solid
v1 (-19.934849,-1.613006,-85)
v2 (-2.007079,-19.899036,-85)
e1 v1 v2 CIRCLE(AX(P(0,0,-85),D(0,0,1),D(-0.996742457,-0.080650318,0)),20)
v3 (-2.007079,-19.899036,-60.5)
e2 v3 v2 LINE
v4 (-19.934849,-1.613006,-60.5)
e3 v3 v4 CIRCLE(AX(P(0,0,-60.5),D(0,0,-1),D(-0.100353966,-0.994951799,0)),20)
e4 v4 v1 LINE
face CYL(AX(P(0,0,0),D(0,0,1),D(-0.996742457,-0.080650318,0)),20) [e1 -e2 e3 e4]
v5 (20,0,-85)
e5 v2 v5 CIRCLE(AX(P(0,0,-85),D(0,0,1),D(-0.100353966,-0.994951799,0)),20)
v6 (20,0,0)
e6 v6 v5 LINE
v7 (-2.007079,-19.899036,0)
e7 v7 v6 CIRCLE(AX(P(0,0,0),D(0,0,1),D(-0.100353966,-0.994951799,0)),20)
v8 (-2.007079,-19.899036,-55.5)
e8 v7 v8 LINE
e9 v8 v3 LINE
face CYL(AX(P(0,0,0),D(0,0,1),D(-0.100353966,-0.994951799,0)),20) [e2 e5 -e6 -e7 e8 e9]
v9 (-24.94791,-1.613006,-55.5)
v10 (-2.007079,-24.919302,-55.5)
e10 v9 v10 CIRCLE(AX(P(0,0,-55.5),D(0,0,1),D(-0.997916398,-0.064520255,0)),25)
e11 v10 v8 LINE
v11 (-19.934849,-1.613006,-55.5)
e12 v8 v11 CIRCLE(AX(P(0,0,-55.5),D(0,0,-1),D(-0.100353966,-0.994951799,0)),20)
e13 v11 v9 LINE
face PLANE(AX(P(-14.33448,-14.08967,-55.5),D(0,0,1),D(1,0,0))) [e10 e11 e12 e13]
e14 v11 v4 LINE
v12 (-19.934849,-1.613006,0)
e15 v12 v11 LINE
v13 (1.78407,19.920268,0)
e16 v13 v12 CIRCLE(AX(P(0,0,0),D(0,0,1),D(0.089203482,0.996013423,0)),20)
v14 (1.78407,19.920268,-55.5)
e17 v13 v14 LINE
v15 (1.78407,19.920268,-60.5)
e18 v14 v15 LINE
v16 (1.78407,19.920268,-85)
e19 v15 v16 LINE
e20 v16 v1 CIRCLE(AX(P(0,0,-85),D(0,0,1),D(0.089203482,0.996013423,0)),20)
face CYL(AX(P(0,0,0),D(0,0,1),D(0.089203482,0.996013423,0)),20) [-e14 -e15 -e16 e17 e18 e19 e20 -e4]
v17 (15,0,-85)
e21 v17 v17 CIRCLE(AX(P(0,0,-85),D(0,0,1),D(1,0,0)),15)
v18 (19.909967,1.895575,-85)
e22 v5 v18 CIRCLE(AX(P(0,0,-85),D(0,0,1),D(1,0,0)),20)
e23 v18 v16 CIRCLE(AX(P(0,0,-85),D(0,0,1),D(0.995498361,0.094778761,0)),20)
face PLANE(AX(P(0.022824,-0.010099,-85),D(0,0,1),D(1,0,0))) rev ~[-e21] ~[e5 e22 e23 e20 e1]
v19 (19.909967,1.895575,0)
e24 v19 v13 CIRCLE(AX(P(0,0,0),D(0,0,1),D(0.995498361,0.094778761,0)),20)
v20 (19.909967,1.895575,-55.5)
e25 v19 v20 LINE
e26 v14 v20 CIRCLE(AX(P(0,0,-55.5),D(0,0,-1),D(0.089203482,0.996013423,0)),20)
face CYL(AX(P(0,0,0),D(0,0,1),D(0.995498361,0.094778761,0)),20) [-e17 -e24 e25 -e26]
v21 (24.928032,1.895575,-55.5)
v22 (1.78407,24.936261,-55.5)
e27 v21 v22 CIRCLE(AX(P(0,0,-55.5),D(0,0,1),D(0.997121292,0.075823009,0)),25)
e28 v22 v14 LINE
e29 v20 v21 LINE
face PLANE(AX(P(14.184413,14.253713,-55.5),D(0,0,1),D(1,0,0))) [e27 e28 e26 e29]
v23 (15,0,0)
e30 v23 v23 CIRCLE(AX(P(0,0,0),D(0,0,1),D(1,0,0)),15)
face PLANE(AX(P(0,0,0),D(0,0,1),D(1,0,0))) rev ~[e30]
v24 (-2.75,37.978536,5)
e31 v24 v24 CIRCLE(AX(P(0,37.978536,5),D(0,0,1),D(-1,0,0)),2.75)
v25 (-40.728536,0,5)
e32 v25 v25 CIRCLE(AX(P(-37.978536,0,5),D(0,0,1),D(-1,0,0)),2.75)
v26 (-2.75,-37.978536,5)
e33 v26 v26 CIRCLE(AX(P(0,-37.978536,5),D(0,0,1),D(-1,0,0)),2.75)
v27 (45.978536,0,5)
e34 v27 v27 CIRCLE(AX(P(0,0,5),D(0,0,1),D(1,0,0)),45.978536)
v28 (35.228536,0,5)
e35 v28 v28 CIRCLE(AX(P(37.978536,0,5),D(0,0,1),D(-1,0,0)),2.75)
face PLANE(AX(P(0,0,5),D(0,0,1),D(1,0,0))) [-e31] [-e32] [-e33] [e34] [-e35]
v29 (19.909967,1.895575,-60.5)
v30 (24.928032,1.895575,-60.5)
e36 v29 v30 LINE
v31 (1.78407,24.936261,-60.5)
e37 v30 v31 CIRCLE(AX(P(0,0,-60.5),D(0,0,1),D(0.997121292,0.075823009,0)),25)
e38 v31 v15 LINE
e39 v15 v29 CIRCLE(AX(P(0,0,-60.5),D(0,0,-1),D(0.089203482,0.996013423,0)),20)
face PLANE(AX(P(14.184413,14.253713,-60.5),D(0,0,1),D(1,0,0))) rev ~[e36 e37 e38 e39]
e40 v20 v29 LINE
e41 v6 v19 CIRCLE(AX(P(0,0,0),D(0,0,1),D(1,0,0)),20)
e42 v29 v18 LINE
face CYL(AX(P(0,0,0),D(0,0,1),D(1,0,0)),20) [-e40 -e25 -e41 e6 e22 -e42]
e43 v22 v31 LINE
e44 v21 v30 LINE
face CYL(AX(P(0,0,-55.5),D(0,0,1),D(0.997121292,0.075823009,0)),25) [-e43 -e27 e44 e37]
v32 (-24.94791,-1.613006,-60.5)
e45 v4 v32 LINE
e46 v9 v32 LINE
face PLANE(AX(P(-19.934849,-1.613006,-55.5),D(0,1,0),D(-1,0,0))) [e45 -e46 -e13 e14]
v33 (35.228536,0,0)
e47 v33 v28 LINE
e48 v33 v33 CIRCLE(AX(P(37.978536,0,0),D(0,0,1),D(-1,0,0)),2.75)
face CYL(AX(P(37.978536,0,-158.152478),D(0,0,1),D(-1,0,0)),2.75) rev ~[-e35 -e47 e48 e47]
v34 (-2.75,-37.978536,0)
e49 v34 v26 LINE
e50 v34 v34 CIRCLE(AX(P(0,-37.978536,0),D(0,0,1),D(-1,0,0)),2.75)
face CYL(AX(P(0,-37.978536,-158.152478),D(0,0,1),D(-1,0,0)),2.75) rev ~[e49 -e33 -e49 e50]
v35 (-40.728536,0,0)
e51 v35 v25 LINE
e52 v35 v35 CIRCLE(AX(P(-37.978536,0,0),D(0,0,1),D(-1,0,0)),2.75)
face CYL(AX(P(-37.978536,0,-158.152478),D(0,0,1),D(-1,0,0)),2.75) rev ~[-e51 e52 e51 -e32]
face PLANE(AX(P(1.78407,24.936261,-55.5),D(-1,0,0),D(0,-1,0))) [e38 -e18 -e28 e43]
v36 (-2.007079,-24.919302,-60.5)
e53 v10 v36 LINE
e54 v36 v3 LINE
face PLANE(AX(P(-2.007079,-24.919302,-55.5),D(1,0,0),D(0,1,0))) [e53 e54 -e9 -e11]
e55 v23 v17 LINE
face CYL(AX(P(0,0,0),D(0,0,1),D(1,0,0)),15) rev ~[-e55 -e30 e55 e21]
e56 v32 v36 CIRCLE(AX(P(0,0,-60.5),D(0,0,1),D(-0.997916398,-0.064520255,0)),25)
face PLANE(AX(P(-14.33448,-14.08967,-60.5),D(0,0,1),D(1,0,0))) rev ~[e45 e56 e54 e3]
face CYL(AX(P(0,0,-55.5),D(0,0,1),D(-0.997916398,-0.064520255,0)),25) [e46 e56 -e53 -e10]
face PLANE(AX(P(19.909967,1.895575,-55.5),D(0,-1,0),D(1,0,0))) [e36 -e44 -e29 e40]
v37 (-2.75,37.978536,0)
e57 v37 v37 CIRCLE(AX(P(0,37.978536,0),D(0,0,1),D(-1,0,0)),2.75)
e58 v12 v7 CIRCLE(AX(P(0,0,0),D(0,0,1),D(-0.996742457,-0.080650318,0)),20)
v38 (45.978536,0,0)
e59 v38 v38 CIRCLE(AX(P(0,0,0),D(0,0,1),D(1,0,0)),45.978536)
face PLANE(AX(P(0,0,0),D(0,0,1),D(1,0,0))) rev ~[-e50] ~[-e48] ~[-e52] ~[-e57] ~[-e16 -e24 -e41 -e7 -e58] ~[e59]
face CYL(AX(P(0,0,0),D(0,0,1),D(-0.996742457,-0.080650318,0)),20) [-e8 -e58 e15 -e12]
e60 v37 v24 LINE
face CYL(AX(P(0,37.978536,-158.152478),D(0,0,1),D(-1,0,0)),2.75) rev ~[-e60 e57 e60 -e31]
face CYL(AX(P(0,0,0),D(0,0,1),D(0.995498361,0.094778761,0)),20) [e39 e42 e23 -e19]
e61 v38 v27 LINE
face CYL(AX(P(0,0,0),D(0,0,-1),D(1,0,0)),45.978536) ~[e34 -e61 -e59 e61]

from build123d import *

# Parameters (mm, degrees)
F0_R     = 15
F1_DEPTH = 85
F2_START = -55.5
F2_DEPTH = 5
F0_R_2   = 45.9785362142
F0_R_3   = 30.9785362142
F3_DEPTH = 5
F4_D     = 5.5


with BuildPart() as f1:
    # F0 (on Top) → F1 (new body)
    with BuildSketch(Plane.XY):
        with BuildLine():
            ThreePointArc((-2.0070793107, -19.8990359726), (13.4137693022, -14.8347832174), (20, 0))
            ThreePointArc((20, 0), (19.9774791244, 0.9488560661), (19.9099672166, 1.8955752254))
            ThreePointArc((19.9099672166, 1.8955752254), (14.1024891574, 14.1816712543), (1.7840696499, 19.9202684591))
            ThreePointArc((1.7840696499, 19.9202684591), (-14.0813060571, 14.2027046624), (-19.9348491456, -1.6130063683))
            ThreePointArc((-19.9348491456, -1.6130063683), (-14.2813436261, -14.0015436375), (-2.0070793107, -19.8990359726))
        make_face()
        Circle(F0_R, mode=Mode.SUBTRACT)
    extrude(amount=-F1_DEPTH)

    # F0 (on Top) → F2 (join)
    with BuildSketch(Plane.XY.offset(F2_START)):
        with BuildLine():
            ThreePointArc((1.7840696499, 19.9202684591), (14.1024891574, 14.1816712543), (19.9099672166, 1.8955752254))
            Line((19.9099672166, 1.8955752254), (24.9280323043, 1.8955752254))
            ThreePointArc((24.9280323043, 1.8955752254), (17.6380949645, 17.7171556979), (1.7840696499, 24.9362606556))
            Line((1.7840696499, 24.9362606556), (1.7840696499, 19.9202684591))
        make_face()
        with BuildLine():
            Line((-2.0070793107, -24.9193024108), (-2.0070793107, -19.8990359726))
            ThreePointArc((-2.0070793107, -19.8990359726), (-14.2813436261, -14.0015436375), (-19.9348491456, -1.6130063683))
            Line((-19.9348491456, -1.6130063683), (-24.9479099416, -1.6130063683))
            ThreePointArc((-24.9479099416, -1.6130063683), (-17.8168100457, -17.5374251188), (-2.0070793107, -24.9193024108))
        make_face()
    extrude(amount=-F2_DEPTH)

    # F0 (on Top) → F3 (join)
    with BuildSketch(Plane.XY):
        Circle(F0_R_2)
        Circle(F0_R_3, mode=Mode.SUBTRACT)
        Circle(F0_R_3)
        with BuildLine():
            ThreePointArc((19.9099672166, 1.8955752254), (19.9774791244, 0.9488560661), (20, 0))
            ThreePointArc((20, 0), (13.4137693022, -14.8347832174), (-2.0070793107, -19.8990359726))
            Line((-2.0070793107, -19.8990359726), (-2.0070793107, -24.9193024108))
            ThreePointArc((-2.0070793107, -24.9193024108), (-17.8168100457, -17.5374251188), (-24.9479099416, -1.6130063683))
            Line((-24.9479099416, -1.6130063683), (-19.9348491456, -1.6130063683))
            ThreePointArc((-19.9348491456, -1.6130063683), (-14.0813060571, 14.2027046624), (1.7840696499, 19.9202684591))
            Line((1.7840696499, 19.9202684591), (1.7840696499, 24.9362606556))
            ThreePointArc((1.7840696499, 24.9362606556), (17.6380949645, 17.7171556979), (24.9280323043, 1.8955752254))
            Line((24.9280323043, 1.8955752254), (19.9099672166, 1.8955752254))
        make_face(mode=Mode.SUBTRACT)
        with BuildLine():
            ThreePointArc((-2.0070793107, -19.8990359726), (13.4137693022, -14.8347832174), (20, 0))
            ThreePointArc((20, 0), (19.9774791244, 0.9488560661), (19.9099672166, 1.8955752254))
            ThreePointArc((19.9099672166, 1.8955752254), (14.1024891574, 14.1816712543), (1.7840696499, 19.9202684591))
            ThreePointArc((1.7840696499, 19.9202684591), (-14.0813060571, 14.2027046624), (-19.9348491456, -1.6130063683))
            ThreePointArc((-19.9348491456, -1.6130063683), (-14.2813436261, -14.0015436375), (-2.0070793107, -19.8990359726))
        make_face()
        Circle(F0_R, mode=Mode.SUBTRACT)
        Circle(F0_R)
        with BuildLine():
            Line((-2.0070793107, -24.9193024108), (-2.0070793107, -19.8990359726))
            ThreePointArc((-2.0070793107, -19.8990359726), (-14.2813436261, -14.0015436375), (-19.9348491456, -1.6130063683))
            Line((-19.9348491456, -1.6130063683), (-24.9479099416, -1.6130063683))
            ThreePointArc((-24.9479099416, -1.6130063683), (-17.8168100457, -17.5374251188), (-2.0070793107, -24.9193024108))
        make_face()
        with BuildLine():
            ThreePointArc((1.7840696499, 19.9202684591), (14.1024891574, 14.1816712543), (19.9099672166, 1.8955752254))
            Line((19.9099672166, 1.8955752254), (24.9280323043, 1.8955752254))
            ThreePointArc((24.9280323043, 1.8955752254), (17.6380949645, 17.7171556979), (1.7840696499, 24.9362606556))
            Line((1.7840696499, 24.9362606556), (1.7840696499, 19.9202684591))
        make_face()
    extrude(amount=F3_DEPTH)

    # F4 (through all)
    with Locations(Plane(origin=(0, 0, 0), x_dir=(1, 0, 0), z_dir=(0, 0, -1))):
        with Locations((0, -37.9785362142), (-37.9785362142, 0), (0, 37.9785362142), (37.9785362142, 0)):
            Hole(F4_D / 2)


solid = f1.part
